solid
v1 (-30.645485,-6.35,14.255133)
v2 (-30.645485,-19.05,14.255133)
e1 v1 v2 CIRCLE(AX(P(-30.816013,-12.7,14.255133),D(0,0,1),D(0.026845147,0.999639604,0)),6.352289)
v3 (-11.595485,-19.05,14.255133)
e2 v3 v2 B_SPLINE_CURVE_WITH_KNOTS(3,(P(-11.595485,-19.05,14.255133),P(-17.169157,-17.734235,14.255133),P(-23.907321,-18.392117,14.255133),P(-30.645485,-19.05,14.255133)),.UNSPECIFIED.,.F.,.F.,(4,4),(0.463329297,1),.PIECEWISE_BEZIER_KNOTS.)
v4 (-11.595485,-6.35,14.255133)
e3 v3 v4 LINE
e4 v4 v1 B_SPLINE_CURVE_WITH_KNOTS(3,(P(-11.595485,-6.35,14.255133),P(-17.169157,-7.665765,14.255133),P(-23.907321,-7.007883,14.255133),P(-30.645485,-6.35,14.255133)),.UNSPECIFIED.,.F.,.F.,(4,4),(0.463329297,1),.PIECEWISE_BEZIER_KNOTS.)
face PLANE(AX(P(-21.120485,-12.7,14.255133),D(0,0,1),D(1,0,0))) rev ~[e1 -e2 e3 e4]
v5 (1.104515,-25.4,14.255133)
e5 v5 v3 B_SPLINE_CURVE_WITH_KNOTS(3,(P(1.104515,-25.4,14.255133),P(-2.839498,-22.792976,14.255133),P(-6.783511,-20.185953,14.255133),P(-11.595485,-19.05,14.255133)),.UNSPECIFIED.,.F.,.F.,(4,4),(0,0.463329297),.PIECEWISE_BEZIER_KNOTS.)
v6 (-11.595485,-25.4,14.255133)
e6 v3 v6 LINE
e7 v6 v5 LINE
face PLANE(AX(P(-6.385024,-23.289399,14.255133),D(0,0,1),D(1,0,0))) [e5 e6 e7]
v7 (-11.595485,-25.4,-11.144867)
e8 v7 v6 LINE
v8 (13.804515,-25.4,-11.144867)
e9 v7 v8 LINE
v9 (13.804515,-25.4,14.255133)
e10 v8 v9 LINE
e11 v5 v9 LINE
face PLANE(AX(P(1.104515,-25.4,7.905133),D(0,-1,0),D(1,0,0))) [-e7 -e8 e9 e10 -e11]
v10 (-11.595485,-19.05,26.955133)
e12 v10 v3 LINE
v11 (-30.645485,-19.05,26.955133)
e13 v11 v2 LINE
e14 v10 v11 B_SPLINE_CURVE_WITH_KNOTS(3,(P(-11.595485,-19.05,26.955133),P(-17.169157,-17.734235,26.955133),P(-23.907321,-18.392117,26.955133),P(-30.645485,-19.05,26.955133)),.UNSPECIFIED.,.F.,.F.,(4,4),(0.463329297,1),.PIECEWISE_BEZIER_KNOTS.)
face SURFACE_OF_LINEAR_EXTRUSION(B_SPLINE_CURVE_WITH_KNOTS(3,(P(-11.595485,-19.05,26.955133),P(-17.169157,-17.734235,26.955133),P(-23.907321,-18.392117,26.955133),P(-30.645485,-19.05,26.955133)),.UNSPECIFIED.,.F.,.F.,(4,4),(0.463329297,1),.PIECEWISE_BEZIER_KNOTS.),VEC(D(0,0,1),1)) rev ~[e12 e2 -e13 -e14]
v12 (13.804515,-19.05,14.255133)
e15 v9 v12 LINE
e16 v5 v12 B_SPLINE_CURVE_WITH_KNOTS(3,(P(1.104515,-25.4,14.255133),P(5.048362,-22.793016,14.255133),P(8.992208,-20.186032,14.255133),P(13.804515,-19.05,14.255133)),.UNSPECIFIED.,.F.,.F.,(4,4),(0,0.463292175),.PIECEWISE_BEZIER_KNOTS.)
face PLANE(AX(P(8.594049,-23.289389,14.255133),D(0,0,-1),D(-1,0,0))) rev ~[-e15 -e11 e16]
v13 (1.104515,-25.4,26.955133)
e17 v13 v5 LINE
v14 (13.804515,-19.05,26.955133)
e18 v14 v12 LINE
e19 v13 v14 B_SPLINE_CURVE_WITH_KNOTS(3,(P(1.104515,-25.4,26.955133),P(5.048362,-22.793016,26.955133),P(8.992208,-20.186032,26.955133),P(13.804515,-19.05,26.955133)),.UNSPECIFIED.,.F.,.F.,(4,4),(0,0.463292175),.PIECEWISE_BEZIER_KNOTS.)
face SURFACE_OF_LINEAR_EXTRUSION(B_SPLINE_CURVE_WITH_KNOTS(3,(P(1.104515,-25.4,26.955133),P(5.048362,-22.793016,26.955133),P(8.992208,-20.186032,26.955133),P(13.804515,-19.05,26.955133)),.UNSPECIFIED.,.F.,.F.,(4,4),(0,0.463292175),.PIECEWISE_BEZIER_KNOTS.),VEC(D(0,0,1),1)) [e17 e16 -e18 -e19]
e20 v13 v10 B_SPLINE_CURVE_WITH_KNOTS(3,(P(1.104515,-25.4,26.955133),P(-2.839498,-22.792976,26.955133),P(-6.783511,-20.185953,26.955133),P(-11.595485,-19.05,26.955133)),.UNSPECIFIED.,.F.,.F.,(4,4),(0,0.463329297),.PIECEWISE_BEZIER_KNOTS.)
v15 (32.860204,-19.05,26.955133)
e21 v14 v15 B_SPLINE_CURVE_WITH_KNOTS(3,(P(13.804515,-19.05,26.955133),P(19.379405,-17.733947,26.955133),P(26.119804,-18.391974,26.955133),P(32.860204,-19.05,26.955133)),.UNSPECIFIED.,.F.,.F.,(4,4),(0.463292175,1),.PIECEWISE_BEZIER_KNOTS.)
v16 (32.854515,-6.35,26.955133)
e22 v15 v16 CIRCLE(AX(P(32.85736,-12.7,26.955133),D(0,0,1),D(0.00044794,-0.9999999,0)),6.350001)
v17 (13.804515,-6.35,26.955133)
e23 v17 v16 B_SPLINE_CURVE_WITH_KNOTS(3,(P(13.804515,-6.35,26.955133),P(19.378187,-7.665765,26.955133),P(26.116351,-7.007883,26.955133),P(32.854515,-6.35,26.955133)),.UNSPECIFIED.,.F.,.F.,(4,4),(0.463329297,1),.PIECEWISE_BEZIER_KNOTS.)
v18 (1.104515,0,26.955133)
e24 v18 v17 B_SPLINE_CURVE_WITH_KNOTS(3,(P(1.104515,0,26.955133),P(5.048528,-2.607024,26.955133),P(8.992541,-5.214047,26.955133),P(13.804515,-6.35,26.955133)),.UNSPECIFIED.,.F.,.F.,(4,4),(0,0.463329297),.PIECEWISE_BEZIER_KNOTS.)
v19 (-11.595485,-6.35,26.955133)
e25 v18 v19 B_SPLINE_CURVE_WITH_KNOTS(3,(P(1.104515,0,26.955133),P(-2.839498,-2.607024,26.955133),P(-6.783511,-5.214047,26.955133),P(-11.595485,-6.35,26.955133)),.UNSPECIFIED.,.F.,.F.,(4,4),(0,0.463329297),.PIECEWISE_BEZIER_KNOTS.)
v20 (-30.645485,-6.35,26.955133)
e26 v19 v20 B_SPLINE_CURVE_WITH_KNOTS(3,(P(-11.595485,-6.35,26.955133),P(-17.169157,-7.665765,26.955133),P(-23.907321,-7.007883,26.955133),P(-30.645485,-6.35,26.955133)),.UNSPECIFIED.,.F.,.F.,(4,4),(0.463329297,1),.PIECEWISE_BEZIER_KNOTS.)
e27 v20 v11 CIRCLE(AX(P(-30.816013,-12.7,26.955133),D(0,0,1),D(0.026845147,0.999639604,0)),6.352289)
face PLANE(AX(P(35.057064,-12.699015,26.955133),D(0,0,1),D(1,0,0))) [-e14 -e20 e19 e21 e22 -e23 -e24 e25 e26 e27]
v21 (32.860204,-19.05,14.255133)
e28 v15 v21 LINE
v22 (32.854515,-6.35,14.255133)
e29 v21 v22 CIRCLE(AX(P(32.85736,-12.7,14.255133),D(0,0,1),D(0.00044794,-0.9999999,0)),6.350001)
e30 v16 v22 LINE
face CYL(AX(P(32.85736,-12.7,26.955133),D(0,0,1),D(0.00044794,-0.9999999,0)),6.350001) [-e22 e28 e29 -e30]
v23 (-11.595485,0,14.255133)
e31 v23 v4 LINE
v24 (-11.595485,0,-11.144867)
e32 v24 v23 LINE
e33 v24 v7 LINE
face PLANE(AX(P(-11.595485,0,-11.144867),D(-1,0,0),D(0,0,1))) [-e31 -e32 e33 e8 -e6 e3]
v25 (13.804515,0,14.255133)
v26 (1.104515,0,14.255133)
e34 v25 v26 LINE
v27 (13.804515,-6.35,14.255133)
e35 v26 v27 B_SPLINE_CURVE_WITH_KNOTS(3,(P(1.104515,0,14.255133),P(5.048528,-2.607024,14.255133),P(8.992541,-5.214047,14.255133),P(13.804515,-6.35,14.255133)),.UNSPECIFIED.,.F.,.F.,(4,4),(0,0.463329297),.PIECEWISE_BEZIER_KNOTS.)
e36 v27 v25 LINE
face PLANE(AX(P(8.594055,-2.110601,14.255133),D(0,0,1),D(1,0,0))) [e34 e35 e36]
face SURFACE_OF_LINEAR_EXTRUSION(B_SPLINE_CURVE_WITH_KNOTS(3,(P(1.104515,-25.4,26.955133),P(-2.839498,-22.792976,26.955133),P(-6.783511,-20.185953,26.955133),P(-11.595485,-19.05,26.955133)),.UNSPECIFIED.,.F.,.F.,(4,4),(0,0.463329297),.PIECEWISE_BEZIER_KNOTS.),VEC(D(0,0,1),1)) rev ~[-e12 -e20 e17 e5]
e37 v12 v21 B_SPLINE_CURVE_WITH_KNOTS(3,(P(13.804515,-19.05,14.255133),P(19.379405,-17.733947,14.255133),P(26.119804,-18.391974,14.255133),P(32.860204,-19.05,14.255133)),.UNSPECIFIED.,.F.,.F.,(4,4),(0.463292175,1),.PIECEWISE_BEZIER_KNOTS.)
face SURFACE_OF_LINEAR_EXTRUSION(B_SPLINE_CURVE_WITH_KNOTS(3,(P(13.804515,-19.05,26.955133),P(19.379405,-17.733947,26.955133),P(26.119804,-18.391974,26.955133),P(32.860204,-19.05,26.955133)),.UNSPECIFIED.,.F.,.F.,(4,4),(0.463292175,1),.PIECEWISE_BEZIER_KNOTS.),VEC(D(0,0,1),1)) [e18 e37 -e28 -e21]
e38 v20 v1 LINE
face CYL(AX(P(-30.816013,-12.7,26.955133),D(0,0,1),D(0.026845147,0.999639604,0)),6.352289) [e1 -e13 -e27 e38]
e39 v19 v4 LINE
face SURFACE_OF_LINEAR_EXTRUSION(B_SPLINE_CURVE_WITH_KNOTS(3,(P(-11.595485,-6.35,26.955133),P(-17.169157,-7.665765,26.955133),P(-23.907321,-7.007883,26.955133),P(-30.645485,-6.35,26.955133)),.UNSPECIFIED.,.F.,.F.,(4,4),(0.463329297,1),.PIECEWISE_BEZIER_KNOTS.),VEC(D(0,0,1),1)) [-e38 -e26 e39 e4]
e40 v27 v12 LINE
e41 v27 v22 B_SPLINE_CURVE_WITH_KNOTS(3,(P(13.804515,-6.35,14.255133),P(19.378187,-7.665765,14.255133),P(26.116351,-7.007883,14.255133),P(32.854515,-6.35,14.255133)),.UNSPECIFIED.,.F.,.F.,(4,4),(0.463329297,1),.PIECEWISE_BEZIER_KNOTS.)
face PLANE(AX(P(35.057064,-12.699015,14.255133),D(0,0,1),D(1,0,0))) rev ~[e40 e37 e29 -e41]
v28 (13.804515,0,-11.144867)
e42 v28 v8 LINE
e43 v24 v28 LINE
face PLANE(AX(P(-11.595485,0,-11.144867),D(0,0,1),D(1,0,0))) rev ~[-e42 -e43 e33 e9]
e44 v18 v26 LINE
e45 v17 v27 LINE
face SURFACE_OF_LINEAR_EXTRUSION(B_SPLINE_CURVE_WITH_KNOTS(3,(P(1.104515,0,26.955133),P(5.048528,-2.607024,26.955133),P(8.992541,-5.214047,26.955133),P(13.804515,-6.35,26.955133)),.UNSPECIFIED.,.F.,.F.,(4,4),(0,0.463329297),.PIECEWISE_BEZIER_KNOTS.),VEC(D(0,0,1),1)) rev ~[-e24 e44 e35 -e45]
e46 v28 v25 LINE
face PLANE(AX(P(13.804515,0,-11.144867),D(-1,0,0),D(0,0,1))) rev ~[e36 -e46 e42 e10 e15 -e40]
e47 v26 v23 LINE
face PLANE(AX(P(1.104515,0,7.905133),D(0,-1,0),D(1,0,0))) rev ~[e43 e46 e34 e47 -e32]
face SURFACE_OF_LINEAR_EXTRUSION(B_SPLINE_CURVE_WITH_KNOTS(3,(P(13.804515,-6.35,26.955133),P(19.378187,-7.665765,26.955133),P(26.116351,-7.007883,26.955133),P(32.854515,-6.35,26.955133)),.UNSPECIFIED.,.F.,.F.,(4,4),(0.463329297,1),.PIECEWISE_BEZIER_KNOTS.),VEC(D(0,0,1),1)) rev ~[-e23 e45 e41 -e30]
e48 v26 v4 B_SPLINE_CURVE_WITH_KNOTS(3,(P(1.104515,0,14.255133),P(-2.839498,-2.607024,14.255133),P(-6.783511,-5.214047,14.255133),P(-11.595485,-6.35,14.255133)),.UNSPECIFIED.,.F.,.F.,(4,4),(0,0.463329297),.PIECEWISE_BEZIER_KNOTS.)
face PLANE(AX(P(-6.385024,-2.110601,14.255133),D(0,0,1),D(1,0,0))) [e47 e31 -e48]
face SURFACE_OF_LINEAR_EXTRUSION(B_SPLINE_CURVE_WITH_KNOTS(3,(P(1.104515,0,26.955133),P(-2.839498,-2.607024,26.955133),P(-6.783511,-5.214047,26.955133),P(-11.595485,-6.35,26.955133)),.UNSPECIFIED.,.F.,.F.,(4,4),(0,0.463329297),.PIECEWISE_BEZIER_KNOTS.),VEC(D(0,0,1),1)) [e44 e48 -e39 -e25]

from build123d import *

# Parameters (mm, degrees)
F0_W     = 25.4
F0_H     = 38.1
F1_DEPTH = 25.4
F2_W     = 19.05
F2_H     = 12.7
F3_DEPTH = 12.7
F5_DEPTH = 12.7
F7_DEPTH = 12.7


with BuildPart() as f1:
    # F0 (on Front) → F1 (new body)
    with BuildSketch(Plane.XZ):
        with Locations((1.1045151994, 7.9051328331)):
            Rectangle(F0_W, F0_H)
    extrude(amount=F1_DEPTH)

    # F2 (on face) → F3 (join)
    with BuildSketch(Plane.XY.offset(26.9551328331)):
        with Locations((-21.1204848006, -12.7)):
            Rectangle(F2_W, F2_H)
        Polygon((13.8045151994, -6.35), (13.8045151994, -19.05), (32.860204035, -19.05), (32.8545151994, -6.35), align=None)
    extrude(amount=-F3_DEPTH)

    # F4 (on face) → F5 (cut)
    with BuildSketch(Plane.XY.offset(26.9551328331)):
        with BuildLine():
            Line((-11.5954848006, -19.05), (-11.5954848006, -25.4))
            Line((-11.5954848006, -25.4), (1.1045151994, -25.4))
            add(Edge.make_bspline(
                [(1.1045151994, -25.4), (-2.8394977605, -22.7929764945), (-6.7835107203, -20.1859529889), (-11.5954848006, -19.05)],
                knots=[0, 0, 0, 0, 0.4633292966, 0.4633292966, 0.4633292966, 0.4633292966], degree=3))
        make_face()
        with BuildLine():
            add(Edge.make_bspline(
                [(1.1045151994, -25.4), (5.0483617358, -22.7930157817), (8.9922082723, -20.1860315634), (13.8045151994, -19.05)],
                knots=[0, 0, 0, 0, 0.4632921748, 0.4632921748, 0.4632921748, 0.4632921748], degree=3))
            Line((1.1045151994, -25.4), (13.8045151994, -25.4))
            Line((13.8045151994, -25.4), (13.8045151994, -19.05))
        make_face()
        with BuildLine():
            add(Edge.make_bspline(
                [(1.1045151994, 0), (5.0485281592, -2.6070235055), (8.992541119, -5.2140470111), (13.8045151994, -6.35)],
                knots=[0, 0, 0, 0, 0.4633292966, 0.4633292966, 0.4633292966, 0.4633292966], degree=3))
            Line((13.8045151994, -6.35), (13.8045151994, 0))
            Line((13.8045151994, 0), (1.1045151994, 0))
        make_face()
        with BuildLine():
            Line((-11.5954848006, 0), (-11.5954848006, -6.35))
            add(Edge.make_bspline(
                [(1.1045151994, 0), (-2.8394977605, -2.6070235055), (-6.7835107203, -5.2140470111), (-11.5954848006, -6.35)],
                knots=[0, 0, 0, 0, 0.4633292966, 0.4633292966, 0.4633292966, 0.4633292966], degree=3))
            Line((1.1045151994, 0), (-11.5954848006, 0))
        make_face()
        with BuildLine():
            add(Edge.make_bspline(
                [(13.8045151994, -19.05), (19.3794049248, -17.7339470577), (26.1198044799, -18.3919735289), (32.860204035, -19.05)],
                knots=[0.4632921748, 0.4632921748, 0.4632921748, 0.4632921748, 1, 1, 1, 1], degree=3))
            Line((13.8045151994, -19.05), (32.860204035, -19.05))
        make_face()
        with BuildLine():
            add(Edge.make_bspline(
                [(13.8045151994, -6.35), (19.3781871724, -7.6657654699), (26.1163511859, -7.007882735), (32.8545151994, -6.35)],
                knots=[0.4633292966, 0.4633292966, 0.4633292966, 0.4633292966, 1, 1, 1, 1], degree=3))
            Line((32.8545151994, -6.35), (13.8045151994, -6.35))
        make_face()
        with BuildLine():
            Line((-11.5954848006, -6.35), (-30.6454848006, -6.35))
            add(Edge.make_bspline(
                [(-11.5954848006, -6.35), (-17.1691567737, -7.6657654699), (-23.9073207872, -7.007882735), (-30.6454848006, -6.35)],
                knots=[0.4633292966, 0.4633292966, 0.4633292966, 0.4633292966, 1, 1, 1, 1], degree=3))
        make_face()
        with BuildLine():
            Line((-30.6454848006, -19.05), (-11.5954848006, -19.05))
            add(Edge.make_bspline(
                [(-11.5954848006, -19.05), (-17.1691567737, -17.7342345301), (-23.9073207872, -18.392117265), (-30.6454848006, -19.05)],
                knots=[0.4633292966, 0.4633292966, 0.4633292966, 0.4633292966, 1, 1, 1, 1], degree=3))
        make_face()
    extrude(amount=-F5_DEPTH, mode=Mode.SUBTRACT)

    # F6 (on face) → F7 (join)
    with BuildSketch(Plane.XY.offset(26.9551328331)):
        with BuildLine():
            ThreePointArc((32.860204035, -19.05), (39.2073596172, -12.6971555822), (32.8545151994, -6.35))
            Line((32.8545151994, -6.35), (32.860204035, -19.05))
        make_face()
        with BuildLine():
            Line((-30.6454848006, -19.05), (-30.6454848006, -6.35))
            ThreePointArc((-30.6454848006, -6.35), (-37.1683022833, -12.7), (-30.6454848006, -19.05))
        make_face()
    extrude(amount=-F7_DEPTH)


solid = f1.part
